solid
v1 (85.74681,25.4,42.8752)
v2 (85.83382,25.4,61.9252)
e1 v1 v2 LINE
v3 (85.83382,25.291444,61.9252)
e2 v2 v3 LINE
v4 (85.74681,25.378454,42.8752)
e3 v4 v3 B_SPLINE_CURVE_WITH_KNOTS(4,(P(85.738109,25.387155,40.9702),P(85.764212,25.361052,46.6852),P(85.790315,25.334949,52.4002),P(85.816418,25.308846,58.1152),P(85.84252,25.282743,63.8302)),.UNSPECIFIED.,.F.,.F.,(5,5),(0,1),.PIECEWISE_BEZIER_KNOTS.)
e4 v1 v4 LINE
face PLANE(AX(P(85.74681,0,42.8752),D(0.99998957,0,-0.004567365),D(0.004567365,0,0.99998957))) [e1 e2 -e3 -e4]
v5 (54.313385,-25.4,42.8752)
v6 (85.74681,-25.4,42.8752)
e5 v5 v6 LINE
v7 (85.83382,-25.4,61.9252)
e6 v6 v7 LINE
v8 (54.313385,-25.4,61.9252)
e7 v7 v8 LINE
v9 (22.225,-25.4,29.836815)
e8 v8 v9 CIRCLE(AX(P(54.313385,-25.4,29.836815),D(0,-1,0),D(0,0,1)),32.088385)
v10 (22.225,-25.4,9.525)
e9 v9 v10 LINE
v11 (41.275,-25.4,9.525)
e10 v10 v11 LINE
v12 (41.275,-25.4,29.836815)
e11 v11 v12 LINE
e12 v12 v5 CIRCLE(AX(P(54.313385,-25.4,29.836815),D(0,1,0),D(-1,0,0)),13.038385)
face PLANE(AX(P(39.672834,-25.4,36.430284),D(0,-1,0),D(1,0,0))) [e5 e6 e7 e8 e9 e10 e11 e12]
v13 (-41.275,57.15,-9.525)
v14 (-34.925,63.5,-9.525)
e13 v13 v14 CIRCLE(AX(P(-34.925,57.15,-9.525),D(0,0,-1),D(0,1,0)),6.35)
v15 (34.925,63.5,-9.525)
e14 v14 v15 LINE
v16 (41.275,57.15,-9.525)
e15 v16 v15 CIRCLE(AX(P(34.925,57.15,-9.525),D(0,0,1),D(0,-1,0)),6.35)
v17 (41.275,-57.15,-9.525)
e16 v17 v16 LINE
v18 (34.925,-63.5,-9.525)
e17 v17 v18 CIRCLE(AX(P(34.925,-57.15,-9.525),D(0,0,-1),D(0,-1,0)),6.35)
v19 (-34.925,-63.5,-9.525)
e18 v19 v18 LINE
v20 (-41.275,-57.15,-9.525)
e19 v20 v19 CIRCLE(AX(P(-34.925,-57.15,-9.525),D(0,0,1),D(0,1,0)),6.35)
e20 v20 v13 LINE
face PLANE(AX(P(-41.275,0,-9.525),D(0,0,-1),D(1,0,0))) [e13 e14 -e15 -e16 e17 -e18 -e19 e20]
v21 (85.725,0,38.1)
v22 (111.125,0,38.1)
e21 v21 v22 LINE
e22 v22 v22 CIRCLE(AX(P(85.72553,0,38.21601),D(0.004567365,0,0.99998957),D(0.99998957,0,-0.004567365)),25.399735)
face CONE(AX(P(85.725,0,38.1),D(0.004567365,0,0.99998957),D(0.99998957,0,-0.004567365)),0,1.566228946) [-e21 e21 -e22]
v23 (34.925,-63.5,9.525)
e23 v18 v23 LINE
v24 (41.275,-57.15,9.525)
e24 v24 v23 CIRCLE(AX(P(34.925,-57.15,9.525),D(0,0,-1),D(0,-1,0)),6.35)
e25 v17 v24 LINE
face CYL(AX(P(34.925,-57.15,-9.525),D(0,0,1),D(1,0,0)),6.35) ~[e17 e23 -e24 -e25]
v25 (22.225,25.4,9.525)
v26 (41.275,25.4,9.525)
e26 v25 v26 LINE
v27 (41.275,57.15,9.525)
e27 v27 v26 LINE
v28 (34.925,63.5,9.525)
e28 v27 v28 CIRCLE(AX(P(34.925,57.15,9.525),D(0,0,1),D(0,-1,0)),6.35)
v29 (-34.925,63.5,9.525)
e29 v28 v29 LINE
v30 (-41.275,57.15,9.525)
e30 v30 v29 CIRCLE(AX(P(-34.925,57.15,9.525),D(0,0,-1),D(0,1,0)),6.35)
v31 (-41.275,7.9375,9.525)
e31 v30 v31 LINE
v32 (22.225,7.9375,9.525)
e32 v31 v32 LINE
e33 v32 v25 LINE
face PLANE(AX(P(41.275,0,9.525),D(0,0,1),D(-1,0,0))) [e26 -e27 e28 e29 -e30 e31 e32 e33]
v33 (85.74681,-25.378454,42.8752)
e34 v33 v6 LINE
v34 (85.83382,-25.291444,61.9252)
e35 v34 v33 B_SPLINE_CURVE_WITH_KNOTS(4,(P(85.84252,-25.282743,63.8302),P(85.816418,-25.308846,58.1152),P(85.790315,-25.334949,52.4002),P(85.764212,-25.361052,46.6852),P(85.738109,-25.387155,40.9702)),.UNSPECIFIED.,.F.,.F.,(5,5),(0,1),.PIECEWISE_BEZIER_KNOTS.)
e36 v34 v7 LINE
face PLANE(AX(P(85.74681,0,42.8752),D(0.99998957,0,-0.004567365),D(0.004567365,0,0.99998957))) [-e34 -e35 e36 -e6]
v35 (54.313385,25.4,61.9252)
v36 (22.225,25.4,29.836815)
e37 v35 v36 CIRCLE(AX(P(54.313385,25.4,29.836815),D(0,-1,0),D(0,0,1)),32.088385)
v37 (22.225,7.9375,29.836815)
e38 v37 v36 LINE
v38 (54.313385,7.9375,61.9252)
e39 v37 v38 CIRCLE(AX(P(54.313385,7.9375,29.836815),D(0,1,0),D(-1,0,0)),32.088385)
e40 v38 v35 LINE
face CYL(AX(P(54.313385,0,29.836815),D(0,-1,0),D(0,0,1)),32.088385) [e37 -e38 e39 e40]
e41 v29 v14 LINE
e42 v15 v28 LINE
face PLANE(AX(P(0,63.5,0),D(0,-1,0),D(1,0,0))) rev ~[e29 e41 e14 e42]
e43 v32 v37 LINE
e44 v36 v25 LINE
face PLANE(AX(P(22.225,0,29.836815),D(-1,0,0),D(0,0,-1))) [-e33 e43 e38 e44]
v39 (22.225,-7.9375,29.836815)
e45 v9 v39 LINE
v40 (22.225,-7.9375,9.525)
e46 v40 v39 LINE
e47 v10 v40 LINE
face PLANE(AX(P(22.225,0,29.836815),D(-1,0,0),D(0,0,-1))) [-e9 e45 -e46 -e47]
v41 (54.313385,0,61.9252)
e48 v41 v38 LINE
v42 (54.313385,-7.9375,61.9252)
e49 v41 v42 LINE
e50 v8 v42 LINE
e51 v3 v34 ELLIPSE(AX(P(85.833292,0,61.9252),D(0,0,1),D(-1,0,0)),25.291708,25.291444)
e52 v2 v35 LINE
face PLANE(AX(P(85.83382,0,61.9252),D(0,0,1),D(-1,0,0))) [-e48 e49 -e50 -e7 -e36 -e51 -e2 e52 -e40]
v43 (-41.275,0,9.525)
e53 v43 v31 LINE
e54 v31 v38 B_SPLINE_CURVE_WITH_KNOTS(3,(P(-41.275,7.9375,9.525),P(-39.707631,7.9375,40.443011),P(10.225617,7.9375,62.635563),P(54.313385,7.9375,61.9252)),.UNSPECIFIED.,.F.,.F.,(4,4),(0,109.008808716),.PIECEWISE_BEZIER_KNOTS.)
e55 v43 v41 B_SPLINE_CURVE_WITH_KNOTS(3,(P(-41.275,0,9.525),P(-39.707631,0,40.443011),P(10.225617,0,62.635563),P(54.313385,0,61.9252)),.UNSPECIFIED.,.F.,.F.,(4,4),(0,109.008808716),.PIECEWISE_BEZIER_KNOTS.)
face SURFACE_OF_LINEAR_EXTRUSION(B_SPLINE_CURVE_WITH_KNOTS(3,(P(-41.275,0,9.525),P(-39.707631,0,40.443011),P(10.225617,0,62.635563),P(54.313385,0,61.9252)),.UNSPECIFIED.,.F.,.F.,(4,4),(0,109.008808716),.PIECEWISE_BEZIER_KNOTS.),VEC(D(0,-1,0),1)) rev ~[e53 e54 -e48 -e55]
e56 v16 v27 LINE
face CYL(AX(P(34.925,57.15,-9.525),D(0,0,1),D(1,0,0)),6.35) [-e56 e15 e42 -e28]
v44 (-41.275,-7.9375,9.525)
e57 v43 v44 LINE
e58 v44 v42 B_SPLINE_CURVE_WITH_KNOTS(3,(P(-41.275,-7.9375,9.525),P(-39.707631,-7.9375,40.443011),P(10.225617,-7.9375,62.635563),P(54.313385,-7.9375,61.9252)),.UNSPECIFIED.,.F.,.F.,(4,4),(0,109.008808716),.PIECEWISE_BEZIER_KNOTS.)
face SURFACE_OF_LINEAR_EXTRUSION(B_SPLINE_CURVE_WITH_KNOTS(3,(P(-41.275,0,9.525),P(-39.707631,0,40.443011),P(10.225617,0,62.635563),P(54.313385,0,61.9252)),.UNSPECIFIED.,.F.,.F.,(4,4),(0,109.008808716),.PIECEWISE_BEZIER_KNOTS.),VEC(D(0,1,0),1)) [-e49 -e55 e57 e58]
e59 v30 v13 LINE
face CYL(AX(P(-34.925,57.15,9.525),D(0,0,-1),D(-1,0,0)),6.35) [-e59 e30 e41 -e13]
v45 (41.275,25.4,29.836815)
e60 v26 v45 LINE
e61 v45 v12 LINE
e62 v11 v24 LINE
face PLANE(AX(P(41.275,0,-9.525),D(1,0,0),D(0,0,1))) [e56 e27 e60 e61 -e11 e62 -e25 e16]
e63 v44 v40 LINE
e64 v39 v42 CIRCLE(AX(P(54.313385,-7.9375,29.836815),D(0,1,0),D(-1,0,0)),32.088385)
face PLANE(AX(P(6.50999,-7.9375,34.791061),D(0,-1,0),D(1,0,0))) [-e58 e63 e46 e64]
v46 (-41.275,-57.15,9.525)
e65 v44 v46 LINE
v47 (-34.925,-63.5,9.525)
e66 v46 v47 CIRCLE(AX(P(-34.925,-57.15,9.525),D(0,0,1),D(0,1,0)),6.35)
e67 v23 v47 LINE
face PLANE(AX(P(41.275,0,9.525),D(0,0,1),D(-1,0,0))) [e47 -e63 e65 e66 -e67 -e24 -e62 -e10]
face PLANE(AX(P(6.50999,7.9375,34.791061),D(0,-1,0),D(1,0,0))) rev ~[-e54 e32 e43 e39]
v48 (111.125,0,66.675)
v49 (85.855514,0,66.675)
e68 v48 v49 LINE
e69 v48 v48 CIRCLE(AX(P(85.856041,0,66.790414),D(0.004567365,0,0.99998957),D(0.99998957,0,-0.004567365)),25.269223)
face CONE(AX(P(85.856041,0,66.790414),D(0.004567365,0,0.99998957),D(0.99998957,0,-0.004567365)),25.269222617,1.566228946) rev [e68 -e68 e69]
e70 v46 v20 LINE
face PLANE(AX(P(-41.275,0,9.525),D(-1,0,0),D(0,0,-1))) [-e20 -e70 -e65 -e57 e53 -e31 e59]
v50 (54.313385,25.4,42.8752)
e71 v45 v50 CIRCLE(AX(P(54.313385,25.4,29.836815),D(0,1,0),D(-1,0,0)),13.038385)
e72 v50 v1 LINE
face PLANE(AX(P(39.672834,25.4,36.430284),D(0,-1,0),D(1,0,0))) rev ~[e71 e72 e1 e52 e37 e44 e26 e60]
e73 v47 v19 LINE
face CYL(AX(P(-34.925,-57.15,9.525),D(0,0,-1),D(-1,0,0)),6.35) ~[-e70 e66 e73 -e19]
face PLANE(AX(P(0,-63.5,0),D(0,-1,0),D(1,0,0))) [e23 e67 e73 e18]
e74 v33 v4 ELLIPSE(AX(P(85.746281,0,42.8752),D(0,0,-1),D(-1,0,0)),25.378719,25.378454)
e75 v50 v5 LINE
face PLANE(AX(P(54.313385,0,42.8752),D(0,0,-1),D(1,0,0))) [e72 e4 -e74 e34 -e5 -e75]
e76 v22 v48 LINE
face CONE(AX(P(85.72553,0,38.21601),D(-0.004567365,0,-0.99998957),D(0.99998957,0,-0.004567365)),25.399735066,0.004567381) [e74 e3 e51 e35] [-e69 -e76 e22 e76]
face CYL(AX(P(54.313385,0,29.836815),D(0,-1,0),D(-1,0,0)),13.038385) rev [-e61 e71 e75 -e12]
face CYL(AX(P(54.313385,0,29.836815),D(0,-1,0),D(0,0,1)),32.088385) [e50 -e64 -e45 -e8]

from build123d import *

# Parameters (mm, degrees)
F1_DEPTH = 63.5
F2_DEPTH = 25.4
F3_DEPTH = 7.9375
F5_R     = 6.35


with BuildPart() as f1:
    # F0 (on Front) → F1 (new body, symmetric)
    with BuildSketch(Plane.XZ):
        Polygon((41.275, -9.525), (41.275, 9.525), (22.225, 9.525), (-41.275, 9.525), (-41.275, -9.525), align=None)
    extrude(amount=F1_DEPTH, both=True)

    # F0 (on Front) → F2 (join, symmetric)
    with BuildSketch(Plane.XZ):
        with BuildLine():
            Line((22.225, 9.525), (41.275, 9.525))
            Line((41.275, 9.525), (41.275, 29.8368146303))
            ThreePointArc((41.275, 29.8368146303), (45.0938546591, 39.0563453409), (54.3133853697, 42.8752))
            Line((54.3133853697, 42.8752), (60.325, 42.8752))
            Line((60.325, 42.8752), (60.325, 61.9252))
            Line((60.325, 61.9252), (54.3133853697, 61.9252))
            ThreePointArc((54.3133853697, 61.9252), (31.6234704775, 52.5267295225), (22.225, 29.8368146303))
            Line((22.225, 29.8368146303), (22.225, 9.525))
        make_face()
        Polygon((60.325, 61.9252), (60.325, 42.8752), (85.746810308, 42.8752), (85.8338195154, 61.9252), align=None)
    extrude(amount=F2_DEPTH, both=True)

    # F0 (on Front) → F3 (join, symmetric)
    with BuildSketch(Plane.XZ):
        with BuildLine():
            Line((-41.275, 9.525), (22.225, 9.525))
            Line((22.225, 9.525), (22.225, 29.8368146303))
            ThreePointArc((22.225, 29.8368146303), (31.6234704775, 52.5267295225), (54.3133853697, 61.9252))
            add(Edge.make_bspline(
                [(-41.275, 9.525), (-39.7076308727, 40.4430106282), (10.2256173268, 62.635563314), (54.3133853697, 61.9252)],
                knots=[0, 0, 0, 0, 109.0088087157, 109.0088087157, 109.0088087157, 109.0088087157], degree=3))
        make_face()
    extrude(amount=F3_DEPTH, both=True)

    # F0 (on Front) → F4 (revolve)
    with BuildSketch(Plane.XZ):
        Polygon((85.8338195154, 61.9252), (85.746810308, 42.8752), (85.725, 38.1), (111.125, 38.1), (111.125, 66.675), (85.8555138111, 66.675), align=None)
    revolve(axis=Axis((85.7902569056, 0, 52.3875), (0.0045673648, 0, 0.9999895695)))

    # F5
    f5_edges = [f1.edges().sort_by_distance(p)[0] for p in [
        (-41.275, -63.5, 0),
        (41.275, -63.5, 0),
        (41.275, 63.5, 0),
        (-41.275, 63.5, 0),
    ]]
    fillet(f5_edges, radius=F5_R)


solid = f1.part
